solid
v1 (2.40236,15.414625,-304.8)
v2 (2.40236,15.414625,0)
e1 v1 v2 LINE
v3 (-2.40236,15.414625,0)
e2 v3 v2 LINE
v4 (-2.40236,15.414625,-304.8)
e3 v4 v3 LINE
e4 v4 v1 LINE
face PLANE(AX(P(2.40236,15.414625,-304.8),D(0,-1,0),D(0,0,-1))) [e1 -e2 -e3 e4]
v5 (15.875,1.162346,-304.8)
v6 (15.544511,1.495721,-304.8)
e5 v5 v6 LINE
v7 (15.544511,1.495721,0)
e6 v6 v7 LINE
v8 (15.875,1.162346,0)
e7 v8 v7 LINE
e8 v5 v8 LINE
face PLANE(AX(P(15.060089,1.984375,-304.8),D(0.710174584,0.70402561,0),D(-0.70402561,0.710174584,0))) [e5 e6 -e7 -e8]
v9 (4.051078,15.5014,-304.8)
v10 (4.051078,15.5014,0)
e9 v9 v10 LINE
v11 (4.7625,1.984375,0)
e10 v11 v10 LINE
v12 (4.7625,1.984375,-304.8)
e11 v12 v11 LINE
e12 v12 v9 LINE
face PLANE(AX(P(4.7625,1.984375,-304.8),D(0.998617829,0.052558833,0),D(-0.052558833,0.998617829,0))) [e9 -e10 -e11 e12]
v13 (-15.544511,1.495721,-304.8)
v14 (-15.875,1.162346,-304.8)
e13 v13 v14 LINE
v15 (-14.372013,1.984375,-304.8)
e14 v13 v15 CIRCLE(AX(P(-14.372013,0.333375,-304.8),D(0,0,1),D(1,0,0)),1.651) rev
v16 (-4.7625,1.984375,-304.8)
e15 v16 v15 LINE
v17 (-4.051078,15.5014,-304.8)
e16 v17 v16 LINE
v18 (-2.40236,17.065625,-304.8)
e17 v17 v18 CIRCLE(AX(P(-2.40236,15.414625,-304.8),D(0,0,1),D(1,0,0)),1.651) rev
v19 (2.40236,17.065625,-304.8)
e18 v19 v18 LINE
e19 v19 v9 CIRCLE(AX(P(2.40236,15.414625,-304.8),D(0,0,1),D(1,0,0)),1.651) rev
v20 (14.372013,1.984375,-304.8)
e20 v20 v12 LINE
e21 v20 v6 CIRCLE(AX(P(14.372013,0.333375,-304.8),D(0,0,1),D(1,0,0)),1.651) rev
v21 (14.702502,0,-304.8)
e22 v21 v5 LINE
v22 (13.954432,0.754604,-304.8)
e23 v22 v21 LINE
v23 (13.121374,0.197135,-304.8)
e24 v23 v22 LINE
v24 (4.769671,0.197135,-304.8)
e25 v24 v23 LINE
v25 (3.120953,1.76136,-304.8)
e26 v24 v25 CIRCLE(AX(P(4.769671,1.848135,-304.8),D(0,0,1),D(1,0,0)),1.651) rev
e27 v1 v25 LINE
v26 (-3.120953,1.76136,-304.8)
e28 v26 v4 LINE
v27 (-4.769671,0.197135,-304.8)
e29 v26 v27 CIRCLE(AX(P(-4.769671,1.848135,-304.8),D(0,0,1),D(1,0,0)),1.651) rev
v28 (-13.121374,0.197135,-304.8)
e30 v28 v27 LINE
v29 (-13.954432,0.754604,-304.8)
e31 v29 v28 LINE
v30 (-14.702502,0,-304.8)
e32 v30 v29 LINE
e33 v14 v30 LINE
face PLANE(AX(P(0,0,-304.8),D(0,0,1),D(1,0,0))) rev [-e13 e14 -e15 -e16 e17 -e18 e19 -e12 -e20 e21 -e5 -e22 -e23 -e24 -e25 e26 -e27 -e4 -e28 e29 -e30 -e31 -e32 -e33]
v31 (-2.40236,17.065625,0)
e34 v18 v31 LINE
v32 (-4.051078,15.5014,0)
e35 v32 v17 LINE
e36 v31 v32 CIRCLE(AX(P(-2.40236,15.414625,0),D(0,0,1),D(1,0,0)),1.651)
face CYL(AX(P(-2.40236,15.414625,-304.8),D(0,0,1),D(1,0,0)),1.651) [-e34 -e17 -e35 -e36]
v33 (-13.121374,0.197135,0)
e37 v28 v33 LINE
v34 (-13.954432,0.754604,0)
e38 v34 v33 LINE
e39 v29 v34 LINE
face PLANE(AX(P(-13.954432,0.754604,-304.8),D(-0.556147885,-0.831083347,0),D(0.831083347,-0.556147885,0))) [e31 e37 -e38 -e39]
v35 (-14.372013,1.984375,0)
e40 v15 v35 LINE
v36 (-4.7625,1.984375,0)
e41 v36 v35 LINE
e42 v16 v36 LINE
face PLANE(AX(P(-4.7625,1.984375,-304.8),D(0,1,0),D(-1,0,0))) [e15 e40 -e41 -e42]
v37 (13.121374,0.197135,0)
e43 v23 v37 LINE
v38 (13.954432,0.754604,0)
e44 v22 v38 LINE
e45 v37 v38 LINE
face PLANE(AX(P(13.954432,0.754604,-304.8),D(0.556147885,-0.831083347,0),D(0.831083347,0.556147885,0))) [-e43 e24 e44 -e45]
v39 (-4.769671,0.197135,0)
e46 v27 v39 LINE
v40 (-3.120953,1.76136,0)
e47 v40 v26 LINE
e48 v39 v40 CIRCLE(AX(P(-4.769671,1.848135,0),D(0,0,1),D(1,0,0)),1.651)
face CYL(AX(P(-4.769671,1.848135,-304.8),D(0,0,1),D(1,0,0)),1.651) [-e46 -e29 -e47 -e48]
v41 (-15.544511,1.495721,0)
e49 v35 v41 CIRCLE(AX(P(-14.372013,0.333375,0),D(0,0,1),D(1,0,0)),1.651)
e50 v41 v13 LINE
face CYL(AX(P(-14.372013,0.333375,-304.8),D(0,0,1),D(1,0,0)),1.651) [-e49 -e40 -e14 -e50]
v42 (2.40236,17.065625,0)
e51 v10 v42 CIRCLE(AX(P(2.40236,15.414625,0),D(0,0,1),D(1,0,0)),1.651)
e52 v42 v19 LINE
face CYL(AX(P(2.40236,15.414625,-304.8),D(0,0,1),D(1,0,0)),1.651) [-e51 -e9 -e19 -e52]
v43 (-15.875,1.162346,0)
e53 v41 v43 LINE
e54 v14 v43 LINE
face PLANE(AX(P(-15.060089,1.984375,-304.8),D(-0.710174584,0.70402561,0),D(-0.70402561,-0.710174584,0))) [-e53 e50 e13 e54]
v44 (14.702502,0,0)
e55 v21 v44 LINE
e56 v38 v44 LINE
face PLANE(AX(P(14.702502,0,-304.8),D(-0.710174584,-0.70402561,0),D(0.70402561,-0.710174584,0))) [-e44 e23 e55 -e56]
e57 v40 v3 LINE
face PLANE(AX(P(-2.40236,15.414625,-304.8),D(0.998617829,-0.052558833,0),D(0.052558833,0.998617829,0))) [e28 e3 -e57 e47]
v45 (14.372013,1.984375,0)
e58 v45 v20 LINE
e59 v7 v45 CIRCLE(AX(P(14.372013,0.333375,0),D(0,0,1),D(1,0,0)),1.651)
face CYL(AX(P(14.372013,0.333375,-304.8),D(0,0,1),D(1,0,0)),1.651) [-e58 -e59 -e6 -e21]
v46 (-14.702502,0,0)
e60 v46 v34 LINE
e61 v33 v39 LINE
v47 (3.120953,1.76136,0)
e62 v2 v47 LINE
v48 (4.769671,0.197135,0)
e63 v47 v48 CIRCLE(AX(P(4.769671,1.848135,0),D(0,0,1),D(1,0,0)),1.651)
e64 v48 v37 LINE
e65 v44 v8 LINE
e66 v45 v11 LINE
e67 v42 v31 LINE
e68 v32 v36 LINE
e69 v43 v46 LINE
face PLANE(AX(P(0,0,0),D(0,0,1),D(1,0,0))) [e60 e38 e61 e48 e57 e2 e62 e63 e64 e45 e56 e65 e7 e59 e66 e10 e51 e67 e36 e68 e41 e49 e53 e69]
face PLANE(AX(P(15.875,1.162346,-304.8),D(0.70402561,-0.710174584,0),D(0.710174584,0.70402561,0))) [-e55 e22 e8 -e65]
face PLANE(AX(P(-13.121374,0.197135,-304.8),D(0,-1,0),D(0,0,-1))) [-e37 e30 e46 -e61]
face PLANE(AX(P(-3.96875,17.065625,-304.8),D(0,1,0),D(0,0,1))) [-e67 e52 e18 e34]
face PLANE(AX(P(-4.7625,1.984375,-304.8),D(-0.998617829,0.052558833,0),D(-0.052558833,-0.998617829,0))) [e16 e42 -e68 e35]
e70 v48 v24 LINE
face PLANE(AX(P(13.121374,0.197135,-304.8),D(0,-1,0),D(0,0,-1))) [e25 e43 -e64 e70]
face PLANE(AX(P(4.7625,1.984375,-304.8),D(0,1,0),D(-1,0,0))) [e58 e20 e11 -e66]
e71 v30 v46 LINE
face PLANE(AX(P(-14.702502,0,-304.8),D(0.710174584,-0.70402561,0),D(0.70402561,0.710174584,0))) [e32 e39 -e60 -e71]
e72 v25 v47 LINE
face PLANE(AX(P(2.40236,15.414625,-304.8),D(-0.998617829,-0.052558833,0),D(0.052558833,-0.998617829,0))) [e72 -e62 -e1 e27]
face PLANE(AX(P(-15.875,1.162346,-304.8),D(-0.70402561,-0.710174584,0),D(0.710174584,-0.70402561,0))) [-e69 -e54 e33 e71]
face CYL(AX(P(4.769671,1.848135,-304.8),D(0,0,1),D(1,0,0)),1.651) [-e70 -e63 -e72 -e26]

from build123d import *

# Parameters (mm, degrees)
BOSS_EXTRUDE1_DEPTH = 304.8
FILLET1_R           = 1.651


with BuildPart() as part:
    # Sketch1 → Boss-Extrude1 (new body)
    with BuildSketch(Plane.XY):
        Polygon((-4.7625, 1.984375), (-15.060088734, 1.984375), (-15.875, 1.162346283), (-14.702501762, 0), (-13.954431554, 0.754603868), (-13.121373906, 0.197134811), (-3.203280151, 0.197134811), (-2.402359615, 15.414625), (0, 15.414625), (2.402359615, 15.414625), (3.203280151, 0.197134811), (13.121373906, 0.197134811), (13.954431554, 0.754603868), (14.702501762, 0), (15.875, 1.162346283), (15.060088734, 1.984375), (4.7625, 1.984375), (3.96875, 17.065625), (0, 17.065625), (-3.96875, 17.065625), align=None)
    extrude(amount=-BOSS_EXTRUDE1_DEPTH)

    # Fillet1
    fillet1_edges = [part.edges().sort_by_distance(p)[0] for p in [
        (-15.060088734, 1.984375, -152.4),
        (-3.96875, 17.065625, -152.4),
        (3.96875, 17.065625, -152.4),
        (15.060088734, 1.984375, -152.4),
        (3.203280151, 0.197134811, -152.4),
        (-3.203280151, 0.197134811, -152.4),
    ]]
    fillet(fillet1_edges, radius=FILLET1_R)


solid = part.part
